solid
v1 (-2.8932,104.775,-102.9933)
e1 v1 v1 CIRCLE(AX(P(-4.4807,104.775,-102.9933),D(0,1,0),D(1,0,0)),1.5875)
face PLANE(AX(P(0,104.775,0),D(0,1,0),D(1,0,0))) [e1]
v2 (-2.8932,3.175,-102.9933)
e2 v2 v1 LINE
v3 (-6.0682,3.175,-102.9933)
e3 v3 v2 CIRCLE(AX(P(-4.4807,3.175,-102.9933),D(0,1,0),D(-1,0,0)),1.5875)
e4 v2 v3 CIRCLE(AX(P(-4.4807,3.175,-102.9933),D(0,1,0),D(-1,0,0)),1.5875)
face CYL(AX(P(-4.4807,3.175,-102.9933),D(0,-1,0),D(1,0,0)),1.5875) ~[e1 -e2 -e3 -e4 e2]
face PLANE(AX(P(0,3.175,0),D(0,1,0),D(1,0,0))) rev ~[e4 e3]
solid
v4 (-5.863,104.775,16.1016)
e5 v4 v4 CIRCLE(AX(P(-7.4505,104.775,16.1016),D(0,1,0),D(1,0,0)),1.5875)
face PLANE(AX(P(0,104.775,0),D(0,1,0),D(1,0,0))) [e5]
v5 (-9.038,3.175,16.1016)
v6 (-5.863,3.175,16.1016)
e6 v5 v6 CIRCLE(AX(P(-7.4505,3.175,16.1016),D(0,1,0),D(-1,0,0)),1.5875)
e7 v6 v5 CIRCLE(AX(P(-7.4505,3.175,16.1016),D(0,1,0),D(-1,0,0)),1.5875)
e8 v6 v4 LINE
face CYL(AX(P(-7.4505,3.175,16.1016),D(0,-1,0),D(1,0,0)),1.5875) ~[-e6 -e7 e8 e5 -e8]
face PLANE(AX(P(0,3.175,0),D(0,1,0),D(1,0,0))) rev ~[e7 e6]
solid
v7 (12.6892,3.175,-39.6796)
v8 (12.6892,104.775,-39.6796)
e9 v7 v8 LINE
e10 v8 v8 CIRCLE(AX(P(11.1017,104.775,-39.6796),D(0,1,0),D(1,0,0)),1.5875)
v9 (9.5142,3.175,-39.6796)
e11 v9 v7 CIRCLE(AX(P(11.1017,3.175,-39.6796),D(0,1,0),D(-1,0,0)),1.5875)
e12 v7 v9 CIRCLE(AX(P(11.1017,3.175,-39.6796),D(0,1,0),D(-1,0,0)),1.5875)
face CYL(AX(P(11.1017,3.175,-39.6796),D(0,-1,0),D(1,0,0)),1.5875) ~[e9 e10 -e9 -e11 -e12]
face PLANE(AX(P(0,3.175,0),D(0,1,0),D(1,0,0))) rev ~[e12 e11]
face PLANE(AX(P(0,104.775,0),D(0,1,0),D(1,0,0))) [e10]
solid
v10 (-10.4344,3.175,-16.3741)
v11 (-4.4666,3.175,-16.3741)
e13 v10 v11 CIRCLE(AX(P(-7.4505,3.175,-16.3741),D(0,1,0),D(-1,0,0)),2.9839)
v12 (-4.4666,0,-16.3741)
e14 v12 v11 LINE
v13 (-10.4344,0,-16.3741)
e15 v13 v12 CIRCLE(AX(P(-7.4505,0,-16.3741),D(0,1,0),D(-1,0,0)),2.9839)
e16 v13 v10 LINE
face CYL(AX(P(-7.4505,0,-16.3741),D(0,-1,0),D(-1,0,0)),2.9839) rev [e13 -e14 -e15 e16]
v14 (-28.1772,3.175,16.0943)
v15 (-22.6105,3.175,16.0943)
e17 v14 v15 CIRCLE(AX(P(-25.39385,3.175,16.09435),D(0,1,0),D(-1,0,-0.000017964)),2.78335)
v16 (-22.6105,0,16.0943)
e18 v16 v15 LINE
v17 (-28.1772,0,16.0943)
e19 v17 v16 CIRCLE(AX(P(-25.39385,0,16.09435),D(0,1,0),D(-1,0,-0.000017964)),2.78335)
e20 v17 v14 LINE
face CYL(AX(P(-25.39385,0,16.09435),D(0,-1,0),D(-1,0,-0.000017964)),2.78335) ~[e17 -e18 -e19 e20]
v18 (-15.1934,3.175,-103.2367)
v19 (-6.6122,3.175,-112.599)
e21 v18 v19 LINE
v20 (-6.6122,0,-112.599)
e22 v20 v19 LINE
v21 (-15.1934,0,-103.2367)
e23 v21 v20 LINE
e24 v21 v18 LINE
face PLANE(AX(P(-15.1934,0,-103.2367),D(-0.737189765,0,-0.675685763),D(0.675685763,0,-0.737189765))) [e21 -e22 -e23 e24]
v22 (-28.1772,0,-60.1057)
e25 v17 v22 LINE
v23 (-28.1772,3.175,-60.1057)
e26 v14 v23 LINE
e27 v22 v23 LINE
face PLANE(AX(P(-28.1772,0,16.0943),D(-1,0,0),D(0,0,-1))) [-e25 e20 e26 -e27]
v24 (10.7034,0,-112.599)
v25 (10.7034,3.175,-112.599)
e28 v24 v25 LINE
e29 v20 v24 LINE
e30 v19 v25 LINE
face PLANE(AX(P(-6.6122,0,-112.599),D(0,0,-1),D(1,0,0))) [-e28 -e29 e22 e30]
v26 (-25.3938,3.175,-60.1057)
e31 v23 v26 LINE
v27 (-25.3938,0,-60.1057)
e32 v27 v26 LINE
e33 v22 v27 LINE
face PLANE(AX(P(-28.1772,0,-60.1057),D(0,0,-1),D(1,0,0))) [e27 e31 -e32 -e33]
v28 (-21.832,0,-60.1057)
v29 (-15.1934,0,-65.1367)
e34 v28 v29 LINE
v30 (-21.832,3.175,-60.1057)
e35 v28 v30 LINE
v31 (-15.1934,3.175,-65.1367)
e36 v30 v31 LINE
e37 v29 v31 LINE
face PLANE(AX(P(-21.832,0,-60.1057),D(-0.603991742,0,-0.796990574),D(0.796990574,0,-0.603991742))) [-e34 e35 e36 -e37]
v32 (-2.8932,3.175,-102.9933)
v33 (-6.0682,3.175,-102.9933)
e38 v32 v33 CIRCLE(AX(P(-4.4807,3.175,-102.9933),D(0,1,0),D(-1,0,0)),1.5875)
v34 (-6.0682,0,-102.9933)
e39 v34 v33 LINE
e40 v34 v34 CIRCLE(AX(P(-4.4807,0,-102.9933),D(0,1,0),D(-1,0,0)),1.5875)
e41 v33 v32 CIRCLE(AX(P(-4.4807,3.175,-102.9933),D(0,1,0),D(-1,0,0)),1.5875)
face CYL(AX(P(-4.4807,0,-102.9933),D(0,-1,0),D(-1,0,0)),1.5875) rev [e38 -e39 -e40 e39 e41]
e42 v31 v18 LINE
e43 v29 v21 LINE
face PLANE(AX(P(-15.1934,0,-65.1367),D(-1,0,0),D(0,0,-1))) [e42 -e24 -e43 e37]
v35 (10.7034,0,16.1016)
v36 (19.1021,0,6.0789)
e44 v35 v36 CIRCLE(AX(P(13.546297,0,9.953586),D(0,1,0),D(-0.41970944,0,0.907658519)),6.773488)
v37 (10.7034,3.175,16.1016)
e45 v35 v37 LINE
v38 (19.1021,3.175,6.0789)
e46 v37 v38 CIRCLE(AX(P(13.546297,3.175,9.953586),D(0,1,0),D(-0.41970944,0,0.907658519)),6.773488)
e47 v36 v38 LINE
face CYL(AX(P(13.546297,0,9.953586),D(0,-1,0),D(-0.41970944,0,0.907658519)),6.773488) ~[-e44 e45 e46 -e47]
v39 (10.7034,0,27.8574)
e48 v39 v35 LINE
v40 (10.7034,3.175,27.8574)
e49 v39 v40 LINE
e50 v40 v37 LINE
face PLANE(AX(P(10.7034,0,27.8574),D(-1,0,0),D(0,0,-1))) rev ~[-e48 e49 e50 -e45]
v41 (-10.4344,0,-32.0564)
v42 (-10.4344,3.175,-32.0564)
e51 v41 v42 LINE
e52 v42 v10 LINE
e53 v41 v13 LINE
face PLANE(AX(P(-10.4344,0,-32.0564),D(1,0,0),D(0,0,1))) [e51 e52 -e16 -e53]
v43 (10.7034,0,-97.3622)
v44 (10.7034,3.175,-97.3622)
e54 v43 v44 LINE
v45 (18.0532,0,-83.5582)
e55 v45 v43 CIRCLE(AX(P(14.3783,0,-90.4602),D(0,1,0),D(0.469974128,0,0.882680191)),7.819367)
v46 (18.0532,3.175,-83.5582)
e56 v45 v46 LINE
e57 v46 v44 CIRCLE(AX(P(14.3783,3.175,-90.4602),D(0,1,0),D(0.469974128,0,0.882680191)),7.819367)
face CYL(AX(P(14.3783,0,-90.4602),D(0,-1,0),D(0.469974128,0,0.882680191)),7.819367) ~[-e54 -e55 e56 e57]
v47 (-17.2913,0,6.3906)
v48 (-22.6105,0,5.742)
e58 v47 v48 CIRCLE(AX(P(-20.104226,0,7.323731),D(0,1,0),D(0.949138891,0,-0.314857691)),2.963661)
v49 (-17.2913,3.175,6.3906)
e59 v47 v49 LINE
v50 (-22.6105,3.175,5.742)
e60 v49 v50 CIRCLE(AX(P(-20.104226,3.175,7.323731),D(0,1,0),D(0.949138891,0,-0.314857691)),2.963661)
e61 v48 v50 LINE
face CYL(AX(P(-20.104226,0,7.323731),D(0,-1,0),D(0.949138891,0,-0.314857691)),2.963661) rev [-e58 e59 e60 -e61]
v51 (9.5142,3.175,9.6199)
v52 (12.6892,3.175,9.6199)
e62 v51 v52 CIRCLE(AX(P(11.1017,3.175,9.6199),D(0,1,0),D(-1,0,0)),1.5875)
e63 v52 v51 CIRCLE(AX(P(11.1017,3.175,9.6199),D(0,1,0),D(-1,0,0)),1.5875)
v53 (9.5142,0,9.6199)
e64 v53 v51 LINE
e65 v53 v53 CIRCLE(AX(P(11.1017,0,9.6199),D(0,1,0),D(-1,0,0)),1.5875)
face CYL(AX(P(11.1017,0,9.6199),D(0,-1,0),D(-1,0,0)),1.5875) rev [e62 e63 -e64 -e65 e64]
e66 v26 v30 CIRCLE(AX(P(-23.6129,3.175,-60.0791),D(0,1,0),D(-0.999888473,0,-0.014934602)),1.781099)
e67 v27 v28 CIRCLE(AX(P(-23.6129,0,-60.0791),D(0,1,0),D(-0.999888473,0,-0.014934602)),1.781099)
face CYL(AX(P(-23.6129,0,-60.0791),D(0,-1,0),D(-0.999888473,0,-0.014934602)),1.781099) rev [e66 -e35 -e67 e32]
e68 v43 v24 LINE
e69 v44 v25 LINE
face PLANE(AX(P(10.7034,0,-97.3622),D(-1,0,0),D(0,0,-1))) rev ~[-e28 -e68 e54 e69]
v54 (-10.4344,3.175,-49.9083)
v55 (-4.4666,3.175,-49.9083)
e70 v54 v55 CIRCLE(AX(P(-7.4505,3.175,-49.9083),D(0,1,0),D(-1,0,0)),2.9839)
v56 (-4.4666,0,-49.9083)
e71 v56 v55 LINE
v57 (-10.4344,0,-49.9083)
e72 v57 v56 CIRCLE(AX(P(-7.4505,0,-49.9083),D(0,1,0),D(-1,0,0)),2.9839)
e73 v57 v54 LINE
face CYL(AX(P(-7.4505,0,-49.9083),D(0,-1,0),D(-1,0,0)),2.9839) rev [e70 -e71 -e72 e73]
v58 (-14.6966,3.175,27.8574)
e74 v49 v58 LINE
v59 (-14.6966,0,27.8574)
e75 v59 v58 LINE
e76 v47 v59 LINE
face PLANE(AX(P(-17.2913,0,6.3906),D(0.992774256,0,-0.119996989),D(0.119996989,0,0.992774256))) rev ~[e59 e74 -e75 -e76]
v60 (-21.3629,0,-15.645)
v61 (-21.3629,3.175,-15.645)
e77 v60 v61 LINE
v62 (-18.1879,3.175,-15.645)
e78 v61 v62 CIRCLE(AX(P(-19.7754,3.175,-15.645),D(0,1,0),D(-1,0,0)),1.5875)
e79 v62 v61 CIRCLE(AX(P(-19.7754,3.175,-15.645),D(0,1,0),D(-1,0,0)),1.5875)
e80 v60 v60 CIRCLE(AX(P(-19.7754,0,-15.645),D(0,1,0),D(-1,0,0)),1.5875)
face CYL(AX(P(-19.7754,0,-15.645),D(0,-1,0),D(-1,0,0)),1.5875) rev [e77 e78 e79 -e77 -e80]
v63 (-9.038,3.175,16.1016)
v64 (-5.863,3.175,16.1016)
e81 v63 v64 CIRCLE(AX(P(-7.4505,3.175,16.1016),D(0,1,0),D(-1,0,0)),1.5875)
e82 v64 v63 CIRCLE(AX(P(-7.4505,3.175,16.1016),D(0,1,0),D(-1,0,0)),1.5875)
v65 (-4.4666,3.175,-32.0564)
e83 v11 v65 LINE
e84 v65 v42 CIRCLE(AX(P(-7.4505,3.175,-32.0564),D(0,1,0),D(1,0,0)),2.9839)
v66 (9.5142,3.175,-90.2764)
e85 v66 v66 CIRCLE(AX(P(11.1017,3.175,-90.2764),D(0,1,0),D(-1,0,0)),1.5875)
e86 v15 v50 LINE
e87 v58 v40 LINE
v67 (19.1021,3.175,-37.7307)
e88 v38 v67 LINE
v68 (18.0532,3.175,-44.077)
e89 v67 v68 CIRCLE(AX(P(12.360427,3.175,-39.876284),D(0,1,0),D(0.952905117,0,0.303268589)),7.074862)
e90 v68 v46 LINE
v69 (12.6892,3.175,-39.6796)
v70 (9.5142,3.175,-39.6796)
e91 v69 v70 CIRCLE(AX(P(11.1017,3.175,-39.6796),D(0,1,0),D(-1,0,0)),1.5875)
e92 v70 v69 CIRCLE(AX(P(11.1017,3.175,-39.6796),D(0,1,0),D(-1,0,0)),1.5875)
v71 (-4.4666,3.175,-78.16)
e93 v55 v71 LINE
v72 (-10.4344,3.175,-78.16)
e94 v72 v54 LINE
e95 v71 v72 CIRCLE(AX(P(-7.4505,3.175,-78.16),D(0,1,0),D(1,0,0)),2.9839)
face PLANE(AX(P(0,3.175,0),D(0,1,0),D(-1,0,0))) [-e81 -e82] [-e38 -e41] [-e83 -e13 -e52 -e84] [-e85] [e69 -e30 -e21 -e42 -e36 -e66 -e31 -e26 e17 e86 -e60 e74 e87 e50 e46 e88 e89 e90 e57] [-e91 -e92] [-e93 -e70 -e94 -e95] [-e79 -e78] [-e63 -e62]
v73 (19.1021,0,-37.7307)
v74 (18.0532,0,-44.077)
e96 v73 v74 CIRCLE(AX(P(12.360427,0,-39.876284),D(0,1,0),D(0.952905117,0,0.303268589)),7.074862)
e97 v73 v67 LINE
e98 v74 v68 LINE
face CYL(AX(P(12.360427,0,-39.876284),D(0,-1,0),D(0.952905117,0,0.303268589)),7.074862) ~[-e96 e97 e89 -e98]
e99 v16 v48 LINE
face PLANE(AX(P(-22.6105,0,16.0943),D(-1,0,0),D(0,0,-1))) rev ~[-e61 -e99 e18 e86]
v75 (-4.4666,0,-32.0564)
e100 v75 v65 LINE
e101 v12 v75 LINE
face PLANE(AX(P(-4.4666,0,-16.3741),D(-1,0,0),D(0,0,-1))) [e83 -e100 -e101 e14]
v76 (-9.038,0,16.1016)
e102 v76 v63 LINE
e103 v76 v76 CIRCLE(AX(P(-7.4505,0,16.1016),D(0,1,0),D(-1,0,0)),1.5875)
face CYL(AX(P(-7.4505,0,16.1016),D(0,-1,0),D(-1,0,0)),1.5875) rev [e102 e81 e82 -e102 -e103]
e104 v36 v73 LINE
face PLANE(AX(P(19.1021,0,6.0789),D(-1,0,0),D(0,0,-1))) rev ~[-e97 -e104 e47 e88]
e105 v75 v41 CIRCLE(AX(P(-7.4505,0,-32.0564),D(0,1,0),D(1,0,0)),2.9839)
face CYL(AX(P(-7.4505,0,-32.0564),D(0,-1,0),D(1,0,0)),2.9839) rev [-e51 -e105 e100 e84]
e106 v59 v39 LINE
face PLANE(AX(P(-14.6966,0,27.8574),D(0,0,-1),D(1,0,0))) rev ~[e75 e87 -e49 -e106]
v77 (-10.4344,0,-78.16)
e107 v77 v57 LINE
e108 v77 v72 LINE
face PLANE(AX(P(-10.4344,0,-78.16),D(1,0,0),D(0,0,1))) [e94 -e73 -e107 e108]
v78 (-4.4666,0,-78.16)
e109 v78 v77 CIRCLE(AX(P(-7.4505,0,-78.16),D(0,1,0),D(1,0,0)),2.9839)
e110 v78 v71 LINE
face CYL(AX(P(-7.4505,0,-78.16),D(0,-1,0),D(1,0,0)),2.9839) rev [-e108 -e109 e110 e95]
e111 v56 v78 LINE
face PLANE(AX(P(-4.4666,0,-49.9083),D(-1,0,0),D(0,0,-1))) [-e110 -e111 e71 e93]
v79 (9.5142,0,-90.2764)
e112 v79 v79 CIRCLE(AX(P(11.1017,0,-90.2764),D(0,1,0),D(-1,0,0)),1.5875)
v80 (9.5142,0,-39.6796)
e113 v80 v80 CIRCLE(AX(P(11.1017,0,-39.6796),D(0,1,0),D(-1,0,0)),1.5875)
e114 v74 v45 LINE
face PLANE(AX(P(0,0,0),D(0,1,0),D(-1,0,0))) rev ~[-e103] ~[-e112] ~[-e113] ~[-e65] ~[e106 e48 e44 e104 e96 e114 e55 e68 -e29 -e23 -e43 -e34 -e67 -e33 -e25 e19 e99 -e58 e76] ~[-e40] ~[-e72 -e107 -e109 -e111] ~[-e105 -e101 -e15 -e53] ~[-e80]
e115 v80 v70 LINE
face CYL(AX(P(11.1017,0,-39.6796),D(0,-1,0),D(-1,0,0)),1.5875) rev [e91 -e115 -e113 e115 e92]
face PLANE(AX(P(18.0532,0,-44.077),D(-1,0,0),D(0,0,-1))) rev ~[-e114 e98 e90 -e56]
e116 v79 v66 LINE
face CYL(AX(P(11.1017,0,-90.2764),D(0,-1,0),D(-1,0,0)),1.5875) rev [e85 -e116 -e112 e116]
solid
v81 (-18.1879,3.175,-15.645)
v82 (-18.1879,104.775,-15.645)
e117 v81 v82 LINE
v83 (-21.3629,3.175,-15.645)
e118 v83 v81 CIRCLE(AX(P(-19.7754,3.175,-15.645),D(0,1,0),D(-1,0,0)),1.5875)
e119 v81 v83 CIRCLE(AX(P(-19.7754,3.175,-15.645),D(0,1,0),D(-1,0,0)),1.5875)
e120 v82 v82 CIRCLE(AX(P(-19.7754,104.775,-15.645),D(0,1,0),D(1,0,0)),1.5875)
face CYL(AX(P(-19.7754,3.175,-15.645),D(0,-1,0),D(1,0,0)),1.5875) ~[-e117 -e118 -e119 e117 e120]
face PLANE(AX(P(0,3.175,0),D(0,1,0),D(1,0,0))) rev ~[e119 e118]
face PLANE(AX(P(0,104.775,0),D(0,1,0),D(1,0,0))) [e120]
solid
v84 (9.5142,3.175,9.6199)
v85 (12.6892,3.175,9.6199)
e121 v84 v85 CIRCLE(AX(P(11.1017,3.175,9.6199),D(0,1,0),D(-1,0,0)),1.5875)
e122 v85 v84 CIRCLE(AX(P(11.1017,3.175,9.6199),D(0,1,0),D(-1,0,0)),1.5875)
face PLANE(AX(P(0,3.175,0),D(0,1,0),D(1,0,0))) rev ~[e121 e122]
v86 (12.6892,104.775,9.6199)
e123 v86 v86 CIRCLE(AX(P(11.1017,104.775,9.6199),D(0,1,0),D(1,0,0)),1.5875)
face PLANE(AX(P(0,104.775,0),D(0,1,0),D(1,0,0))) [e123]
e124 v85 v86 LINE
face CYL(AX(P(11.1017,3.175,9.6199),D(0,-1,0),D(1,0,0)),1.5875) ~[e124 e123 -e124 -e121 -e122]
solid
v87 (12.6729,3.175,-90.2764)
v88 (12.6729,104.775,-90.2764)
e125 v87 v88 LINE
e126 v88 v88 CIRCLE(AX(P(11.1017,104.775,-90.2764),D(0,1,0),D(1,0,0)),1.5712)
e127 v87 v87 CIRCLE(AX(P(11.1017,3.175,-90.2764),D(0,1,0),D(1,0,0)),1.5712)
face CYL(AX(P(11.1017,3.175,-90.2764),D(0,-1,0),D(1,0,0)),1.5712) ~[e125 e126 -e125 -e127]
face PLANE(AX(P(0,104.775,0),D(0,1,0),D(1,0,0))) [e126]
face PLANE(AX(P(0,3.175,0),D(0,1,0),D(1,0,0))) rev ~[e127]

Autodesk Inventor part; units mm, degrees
ref_plane "YZ Plane" through (0, 0, 0) normal (1, 0, 0) x (0, 1, 0)
ref_plane "XZ Plane" through (0, 0, 0) normal (0, 1, 0) x (-1, 0, 0)
ref_plane "XY Plane" through (0, 0, 0) normal (0, 0, 1) x (1, 0, 0)
sketch "Sketch1" plane through (0, 0, 0) normal (0, 1, 0) x (-1, 0, 0)
  line L0 (28.1772, 16.0943) -> (28.1772, -60.1057)
  arc A0 (28.1772, 16.0943) -> (22.6105, 16.0943) centre (25.3938, 16.0943) ccw
  line L1 (22.6105, 16.0943) -> (22.6105, 5.742)
  arc A1 (17.2913, 6.3906) -> (22.6105, 5.742) centre (20.1042, 7.3237) ccw
  line L2 (17.2913, 6.3906) -> (14.6966, 27.8574)
  line L3 (14.6966, 27.8574) -> (-10.7034, 27.8574)
  line L4 (28.1772, -60.1057) -> (25.3938, -60.1057)
  arc A2 (25.3938, -60.1057) -> (21.832, -60.1057) centre (23.6129, -60.0791) ccw
  line L5 (21.832, -60.1057) -> (15.1934, -65.1367)
  line L6 (15.1934, -65.1367) -> (15.1934, -103.2367)
  line L7 (15.1934, -103.2367) -> (6.6122, -112.599)
  line L8 (6.6122, -112.599) -> (-10.7034, -112.599)
  arc A3 (-10.7034, 16.1016) -> (-19.1021, 6.0789) centre (-13.5463, 9.9536) ccw
  arc A4 (-18.0532, -83.5582) -> (-10.7034, -97.3622) centre (-14.3783, -90.4602) ccw
  arc A5 (-19.1021, -37.7307) -> (-18.0532, -44.077) centre (-12.3602, -39.8763) ccw
  line L9 (-10.7034, -97.3622) -> (-10.7034, -112.599)
  line L10 (-18.0532, -44.077) -> (-18.0532, -83.5582)
  line L11 (-10.7034, 27.8574) -> (-10.7034, 16.1016)
  line L12 (-19.1021, 6.0789) -> (-19.1021, -37.7307)
  circle A6 centre (-11.1017, 9.6199) radius 1.5875
  circle A7 centre (-11.1017, -39.6796) radius 1.5875
  circle A8 centre (-11.1017, -90.2764) radius 1.5875
  circle A9 centre (19.7754, -15.645) radius 1.5875
  circle A10 centre (4.4807, -102.9933) radius 1.5875
  line L13 (7.4505, -16.3741) -> (7.4505, -32.0564) construction
  line L14 (4.4666, -16.3741) -> (4.4666, -32.0564)
  line L15 (10.4344, -32.0564) -> (10.4344, -16.3741)
  arc A11 (10.4344, -16.3741) -> (4.4666, -16.3741) centre (7.4505, -16.3741) ccw
  arc A12 (4.4666, -32.0564) -> (10.4344, -32.0564) centre (7.4505, -32.0564) ccw
  line L16 (7.4505, -49.9083) -> (7.4505, -78.16) construction
  line L17 (4.4666, -49.9083) -> (4.4666, -78.16)
  line L18 (10.4344, -78.16) -> (10.4344, -49.9083)
  arc A13 (10.4344, -49.9083) -> (4.4666, -49.9083) centre (7.4505, -49.9083) ccw
  arc A14 (4.4666, -78.16) -> (10.4344, -78.16) centre (7.4505, -78.16) ccw
  circle A15 centre (7.4505, 16.1016) radius 1.5875
  point P0 (0, 0)
  point P1 (7.4505, -24.2152)
  point P2 (7.4505, -64.0341)
  dimension "d0" = 76.2
  dimension "d1" = 25.4
  dimension "d3" = 38.1
  dimension "d4" = 12.7
  dimension "d6" = 3.175
  dimension "d7" = 3.175
  dimension "d8" = 3.175
  dimension "d9" = 3.175
  dimension "d10" = 3.175
  dimension "d11" = 3.175
extrude "Extrusion1" add sketch "Sketch1" along normal blind 3.175
sketch "Sketch2" plane through (0, 3.175, 0) normal (0, 1, 0) x (1, 0, 0)
  arc A0 (-10.4344, 49.9083) -> (-4.4666, 49.9083) centre (-7.4505, 49.9083) ccw projected
  line L0 (-10.4344, 49.9083) -> (-10.4344, 78.16) projected
  arc A1 (-4.4666, 78.16) -> (-10.4344, 78.16) centre (-7.4505, 78.16) ccw projected
  line L1 (-4.4666, 78.16) -> (-4.4666, 49.9083) projected
  arc A2 (-10.4344, 16.3741) -> (-4.4666, 16.3741) centre (-7.4505, 16.3741) ccw projected
  line L2 (-10.4344, 16.3741) -> (-10.4344, 32.0564) projected
  arc A3 (-4.4666, 32.0564) -> (-10.4344, 32.0564) centre (-7.4505, 32.0564) ccw projected
  line L3 (-4.4666, 32.0564) -> (-4.4666, 16.3741) projected
  circle A4 centre (-7.4505, -16.1016) radius 1.5875 projected
  circle A5 centre (-4.4807, 102.9933) radius 1.5875 projected
  circle A6 centre (-19.7754, 15.645) radius 1.5875 projected
  circle A7 centre (11.1017, 90.2764) radius 1.5875 projected
  circle A8 centre (11.1017, 39.6796) radius 1.5875 projected
  circle A9 centre (11.1017, -9.6199) radius 1.5875 projected
  line L4 (-28.1772, 60.1057) -> (-28.1772, -16.0943) projected
  arc A10 (-28.1772, -16.0943) -> (-22.6105, -16.0943) centre (-25.3938, -16.0943) ccw projected
  line L5 (-22.6105, -16.0943) -> (-22.6105, -5.742) projected
  arc A11 (-17.2913, -6.3906) -> (-22.6105, -5.742) centre (-20.1042, -7.3237) ccw projected
  line L6 (-17.2913, -6.3906) -> (-14.6966, -27.8574) projected
  line L7 (-14.6966, -27.8574) -> (10.7034, -27.8574) projected
  line L8 (10.7034, -27.8574) -> (10.7034, -16.1016) projected
  arc A12 (10.7034, -16.1016) -> (19.1021, -6.0789) centre (13.5463, -9.9536) ccw projected
  line L9 (19.1021, -6.0789) -> (19.1021, 37.7307) projected
  arc A13 (19.1021, 37.7307) -> (18.0532, 44.077) centre (12.3602, 39.8763) ccw projected
  line L10 (18.0532, 44.077) -> (18.0532, 83.5582) projected
  arc A14 (18.0532, 83.5582) -> (10.7034, 97.3622) centre (14.3783, 90.4602) ccw projected
  line L11 (10.7034, 97.3622) -> (10.7034, 112.599) projected
  line L12 (10.7034, 112.599) -> (-6.6122, 112.599) projected
  line L13 (-6.6122, 112.599) -> (-15.1934, 103.2367) projected
  line L14 (-15.1934, 103.2367) -> (-15.1934, 65.1367) projected
  line L15 (-15.1934, 65.1367) -> (-21.832, 60.1057) projected
  arc A15 (-25.3938, 60.1057) -> (-21.832, 60.1057) centre (-23.6129, 60.0791) ccw projected
  line L16 (-25.3938, 60.1057) -> (-28.1772, 60.1057) projected
  circle A16 centre (-19.7754, 15.645) radius 1.5875
  circle A17 centre (-7.4505, -16.1016) radius 1.5875
  circle A18 centre (11.1017, -9.6199) radius 1.5875
  circle A19 centre (11.1017, 39.6796) radius 1.5875
  circle A20 centre (11.1017, 90.2764) radius 1.5712
  circle A21 centre (-4.4807, 102.9933) radius 1.5875
  point P0 (0, 0)
extrude "Extrusion2" add sketch "Sketch2" along normal blind 101.6 contours A4 | A5 | A6 | A8 | A9 | A20
properties part number "side frame" material "Gold"
